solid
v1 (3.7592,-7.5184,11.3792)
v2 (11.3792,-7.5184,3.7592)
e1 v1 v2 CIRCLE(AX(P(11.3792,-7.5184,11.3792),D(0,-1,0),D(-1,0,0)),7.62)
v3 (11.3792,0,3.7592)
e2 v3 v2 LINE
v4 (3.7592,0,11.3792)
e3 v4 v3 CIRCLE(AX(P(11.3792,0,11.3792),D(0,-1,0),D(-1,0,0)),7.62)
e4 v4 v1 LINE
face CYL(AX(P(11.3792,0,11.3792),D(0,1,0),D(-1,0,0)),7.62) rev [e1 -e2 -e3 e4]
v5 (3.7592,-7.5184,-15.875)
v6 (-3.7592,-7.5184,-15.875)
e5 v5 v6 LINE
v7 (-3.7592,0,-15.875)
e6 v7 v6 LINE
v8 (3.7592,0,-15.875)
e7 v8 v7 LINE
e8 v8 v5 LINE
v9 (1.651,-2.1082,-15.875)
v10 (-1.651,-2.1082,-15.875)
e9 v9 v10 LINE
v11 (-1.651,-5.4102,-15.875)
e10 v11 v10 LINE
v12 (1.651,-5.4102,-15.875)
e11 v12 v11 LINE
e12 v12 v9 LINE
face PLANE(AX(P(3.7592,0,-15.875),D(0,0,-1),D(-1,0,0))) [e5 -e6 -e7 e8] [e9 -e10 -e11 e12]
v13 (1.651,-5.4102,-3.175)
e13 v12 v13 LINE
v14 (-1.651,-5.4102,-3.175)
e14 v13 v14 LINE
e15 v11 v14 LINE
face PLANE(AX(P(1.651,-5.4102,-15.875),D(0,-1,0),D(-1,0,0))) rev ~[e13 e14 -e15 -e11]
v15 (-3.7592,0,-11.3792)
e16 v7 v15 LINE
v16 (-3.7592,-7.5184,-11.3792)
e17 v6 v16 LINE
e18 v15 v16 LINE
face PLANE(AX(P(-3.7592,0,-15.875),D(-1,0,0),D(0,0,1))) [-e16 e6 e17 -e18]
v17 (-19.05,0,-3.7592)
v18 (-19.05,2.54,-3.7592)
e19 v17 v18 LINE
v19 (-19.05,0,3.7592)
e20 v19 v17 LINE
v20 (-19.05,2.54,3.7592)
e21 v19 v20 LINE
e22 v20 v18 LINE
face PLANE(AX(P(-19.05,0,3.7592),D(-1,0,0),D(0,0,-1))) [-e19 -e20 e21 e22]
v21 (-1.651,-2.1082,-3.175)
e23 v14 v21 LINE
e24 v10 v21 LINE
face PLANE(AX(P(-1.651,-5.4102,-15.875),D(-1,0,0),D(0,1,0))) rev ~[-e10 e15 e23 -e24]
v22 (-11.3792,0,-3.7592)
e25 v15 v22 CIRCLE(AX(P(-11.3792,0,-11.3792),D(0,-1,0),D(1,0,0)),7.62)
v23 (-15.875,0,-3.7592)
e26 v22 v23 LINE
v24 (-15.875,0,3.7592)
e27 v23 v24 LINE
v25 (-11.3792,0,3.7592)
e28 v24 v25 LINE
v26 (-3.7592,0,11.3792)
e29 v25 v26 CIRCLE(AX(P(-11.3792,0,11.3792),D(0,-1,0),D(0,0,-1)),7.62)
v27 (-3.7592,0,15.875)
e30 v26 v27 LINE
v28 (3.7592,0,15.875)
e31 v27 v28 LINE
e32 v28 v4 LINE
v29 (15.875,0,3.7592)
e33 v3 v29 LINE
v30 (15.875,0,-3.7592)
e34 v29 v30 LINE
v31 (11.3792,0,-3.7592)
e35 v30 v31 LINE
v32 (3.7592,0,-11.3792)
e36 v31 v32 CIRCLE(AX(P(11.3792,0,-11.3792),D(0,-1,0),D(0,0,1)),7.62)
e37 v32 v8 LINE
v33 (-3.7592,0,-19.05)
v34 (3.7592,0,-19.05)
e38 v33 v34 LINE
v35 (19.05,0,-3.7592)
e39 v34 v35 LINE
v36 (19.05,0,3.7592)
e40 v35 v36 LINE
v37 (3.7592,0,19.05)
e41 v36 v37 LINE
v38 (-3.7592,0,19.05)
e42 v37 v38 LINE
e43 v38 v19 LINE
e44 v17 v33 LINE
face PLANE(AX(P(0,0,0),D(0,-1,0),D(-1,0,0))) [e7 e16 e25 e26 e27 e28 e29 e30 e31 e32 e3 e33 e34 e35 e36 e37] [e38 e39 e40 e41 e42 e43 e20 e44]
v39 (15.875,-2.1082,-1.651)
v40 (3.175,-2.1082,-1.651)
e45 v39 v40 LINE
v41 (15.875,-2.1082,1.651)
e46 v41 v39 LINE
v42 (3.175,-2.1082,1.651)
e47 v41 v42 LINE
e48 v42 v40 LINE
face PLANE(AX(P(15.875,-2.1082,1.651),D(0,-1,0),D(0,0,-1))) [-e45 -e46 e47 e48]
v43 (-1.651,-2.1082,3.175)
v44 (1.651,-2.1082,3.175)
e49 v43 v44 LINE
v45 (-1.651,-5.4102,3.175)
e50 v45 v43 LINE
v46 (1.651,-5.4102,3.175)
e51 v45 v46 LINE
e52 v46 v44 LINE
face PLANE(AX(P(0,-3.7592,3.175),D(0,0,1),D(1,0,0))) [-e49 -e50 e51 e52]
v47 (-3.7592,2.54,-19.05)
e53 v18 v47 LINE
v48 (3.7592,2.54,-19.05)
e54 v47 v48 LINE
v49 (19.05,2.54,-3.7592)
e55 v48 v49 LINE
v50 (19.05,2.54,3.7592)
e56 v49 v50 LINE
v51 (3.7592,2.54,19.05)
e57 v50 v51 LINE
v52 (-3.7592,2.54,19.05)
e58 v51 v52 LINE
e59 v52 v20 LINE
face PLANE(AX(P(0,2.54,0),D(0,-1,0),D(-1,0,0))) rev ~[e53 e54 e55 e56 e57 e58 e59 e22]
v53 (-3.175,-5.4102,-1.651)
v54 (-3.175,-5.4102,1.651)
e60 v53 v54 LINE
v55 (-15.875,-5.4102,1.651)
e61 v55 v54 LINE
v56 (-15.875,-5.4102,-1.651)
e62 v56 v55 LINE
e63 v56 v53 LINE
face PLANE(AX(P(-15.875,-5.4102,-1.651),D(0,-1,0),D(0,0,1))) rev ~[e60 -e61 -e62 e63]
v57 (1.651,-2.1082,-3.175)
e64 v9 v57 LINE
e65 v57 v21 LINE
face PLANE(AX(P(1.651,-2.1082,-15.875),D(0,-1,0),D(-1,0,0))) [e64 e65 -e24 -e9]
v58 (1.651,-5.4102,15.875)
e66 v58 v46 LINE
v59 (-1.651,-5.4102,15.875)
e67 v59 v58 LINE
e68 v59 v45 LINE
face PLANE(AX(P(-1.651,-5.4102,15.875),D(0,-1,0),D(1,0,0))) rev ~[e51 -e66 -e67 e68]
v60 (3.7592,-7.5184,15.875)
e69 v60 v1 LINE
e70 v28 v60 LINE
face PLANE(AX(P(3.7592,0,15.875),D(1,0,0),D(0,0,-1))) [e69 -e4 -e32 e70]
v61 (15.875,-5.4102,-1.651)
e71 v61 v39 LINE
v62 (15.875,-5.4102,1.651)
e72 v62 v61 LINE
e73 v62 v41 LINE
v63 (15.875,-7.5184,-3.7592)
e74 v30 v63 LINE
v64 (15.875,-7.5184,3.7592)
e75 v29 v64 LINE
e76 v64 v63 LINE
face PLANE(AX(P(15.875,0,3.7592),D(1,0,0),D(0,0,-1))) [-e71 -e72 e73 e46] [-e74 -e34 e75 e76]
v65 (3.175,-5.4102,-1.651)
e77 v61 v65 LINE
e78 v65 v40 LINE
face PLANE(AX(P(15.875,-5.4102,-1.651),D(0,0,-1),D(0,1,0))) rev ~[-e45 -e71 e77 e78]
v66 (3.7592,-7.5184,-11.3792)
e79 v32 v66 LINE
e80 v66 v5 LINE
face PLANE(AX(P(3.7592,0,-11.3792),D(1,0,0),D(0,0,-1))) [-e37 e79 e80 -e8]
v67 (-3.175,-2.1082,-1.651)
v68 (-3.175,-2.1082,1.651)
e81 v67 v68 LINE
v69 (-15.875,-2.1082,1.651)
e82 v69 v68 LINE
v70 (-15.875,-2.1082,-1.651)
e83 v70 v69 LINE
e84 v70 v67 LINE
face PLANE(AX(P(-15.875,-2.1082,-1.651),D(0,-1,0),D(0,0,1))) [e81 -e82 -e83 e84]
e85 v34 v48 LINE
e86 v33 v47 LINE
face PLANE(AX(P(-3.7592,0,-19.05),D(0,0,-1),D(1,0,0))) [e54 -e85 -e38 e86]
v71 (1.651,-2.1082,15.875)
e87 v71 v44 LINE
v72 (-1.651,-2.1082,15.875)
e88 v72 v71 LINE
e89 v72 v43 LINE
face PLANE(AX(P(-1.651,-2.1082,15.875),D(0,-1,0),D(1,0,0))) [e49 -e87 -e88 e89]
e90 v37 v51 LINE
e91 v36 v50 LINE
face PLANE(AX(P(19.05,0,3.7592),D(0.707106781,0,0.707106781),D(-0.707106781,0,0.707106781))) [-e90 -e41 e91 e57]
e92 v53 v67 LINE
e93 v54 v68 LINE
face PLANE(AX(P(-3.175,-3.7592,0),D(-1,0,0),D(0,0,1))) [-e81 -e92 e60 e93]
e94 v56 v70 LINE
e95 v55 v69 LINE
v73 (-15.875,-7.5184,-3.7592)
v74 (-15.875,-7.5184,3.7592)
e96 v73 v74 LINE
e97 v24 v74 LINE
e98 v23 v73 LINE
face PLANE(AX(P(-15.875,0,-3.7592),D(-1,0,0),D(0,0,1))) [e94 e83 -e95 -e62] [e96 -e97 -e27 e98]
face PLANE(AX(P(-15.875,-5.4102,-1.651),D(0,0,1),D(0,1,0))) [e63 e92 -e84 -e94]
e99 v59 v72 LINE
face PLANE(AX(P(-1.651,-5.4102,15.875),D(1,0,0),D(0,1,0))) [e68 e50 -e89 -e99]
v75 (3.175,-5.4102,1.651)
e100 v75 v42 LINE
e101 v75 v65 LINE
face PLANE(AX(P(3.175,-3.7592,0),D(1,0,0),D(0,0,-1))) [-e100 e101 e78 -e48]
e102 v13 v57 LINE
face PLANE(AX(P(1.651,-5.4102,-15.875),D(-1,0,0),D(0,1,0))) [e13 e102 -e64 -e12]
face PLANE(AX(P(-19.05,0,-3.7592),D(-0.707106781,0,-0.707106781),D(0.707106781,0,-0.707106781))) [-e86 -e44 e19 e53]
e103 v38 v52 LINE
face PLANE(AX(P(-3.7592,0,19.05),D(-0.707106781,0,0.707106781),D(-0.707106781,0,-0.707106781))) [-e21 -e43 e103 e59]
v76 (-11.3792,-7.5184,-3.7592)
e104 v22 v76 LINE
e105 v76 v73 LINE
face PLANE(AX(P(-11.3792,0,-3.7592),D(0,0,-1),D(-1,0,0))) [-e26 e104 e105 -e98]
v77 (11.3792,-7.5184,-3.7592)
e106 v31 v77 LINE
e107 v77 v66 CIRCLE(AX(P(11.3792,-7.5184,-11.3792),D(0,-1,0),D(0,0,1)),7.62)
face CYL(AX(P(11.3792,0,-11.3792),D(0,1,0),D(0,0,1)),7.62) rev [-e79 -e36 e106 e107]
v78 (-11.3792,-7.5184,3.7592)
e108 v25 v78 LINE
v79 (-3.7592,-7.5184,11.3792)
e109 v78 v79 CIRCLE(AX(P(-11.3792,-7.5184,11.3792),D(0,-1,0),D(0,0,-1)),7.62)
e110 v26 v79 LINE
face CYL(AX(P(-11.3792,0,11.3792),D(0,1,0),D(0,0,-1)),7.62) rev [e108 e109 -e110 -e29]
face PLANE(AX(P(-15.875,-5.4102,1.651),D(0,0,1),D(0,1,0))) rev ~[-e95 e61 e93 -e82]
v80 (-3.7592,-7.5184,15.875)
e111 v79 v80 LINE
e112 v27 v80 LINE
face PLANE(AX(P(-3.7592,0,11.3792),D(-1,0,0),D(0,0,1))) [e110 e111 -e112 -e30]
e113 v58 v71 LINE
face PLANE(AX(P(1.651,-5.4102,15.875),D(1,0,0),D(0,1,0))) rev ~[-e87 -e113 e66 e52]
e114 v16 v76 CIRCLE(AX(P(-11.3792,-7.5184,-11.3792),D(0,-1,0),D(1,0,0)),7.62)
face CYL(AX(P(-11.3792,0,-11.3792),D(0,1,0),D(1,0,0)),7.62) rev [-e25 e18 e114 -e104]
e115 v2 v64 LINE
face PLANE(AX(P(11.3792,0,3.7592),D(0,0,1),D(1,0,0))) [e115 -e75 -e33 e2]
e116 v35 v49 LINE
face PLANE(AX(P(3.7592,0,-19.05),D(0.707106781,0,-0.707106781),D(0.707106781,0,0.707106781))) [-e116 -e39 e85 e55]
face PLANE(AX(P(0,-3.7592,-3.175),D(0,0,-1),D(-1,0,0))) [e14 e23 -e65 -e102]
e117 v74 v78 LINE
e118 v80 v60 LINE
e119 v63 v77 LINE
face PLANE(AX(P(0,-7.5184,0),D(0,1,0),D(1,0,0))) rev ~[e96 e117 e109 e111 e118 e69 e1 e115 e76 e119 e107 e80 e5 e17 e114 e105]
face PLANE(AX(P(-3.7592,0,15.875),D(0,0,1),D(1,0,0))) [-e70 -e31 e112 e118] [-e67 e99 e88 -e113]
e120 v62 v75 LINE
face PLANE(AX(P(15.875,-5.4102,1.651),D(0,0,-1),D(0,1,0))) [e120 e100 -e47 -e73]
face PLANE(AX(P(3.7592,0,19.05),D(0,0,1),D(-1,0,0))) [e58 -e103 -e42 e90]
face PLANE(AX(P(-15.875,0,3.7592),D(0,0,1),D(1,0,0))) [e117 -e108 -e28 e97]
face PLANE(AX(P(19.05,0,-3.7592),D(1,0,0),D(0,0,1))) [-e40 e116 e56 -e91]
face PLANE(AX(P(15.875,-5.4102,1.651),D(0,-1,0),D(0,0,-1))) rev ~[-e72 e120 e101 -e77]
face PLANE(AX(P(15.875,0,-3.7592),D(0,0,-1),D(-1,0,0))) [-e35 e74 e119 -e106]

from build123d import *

# Parameters (mm, degrees)
BOSS_EXTRUDE1_DEPTH = 7.5184
SKETCH2_W           = 3.302
SKETCH2_H           = 3.302
CUT_EXTRUDE1_DEPTH  = 12.7
CIRPATTERN1_COUNT   = 4
BOSS_EXTRUDE2_DEPTH = 2.54


with BuildPart() as part:
    # Sketch1 → Boss-Extrude1 (new body)
    with BuildSketch(Plane(origin=(0, 0, 0), x_dir=(1, 0, 0), z_dir=(0, 1, 0))):
        with BuildLine():
            Line((3.7592, 11.3792), (3.7592, 15.875))
            Line((3.7592, 15.875), (-3.7592, 15.875))
            Line((-3.7592, 15.875), (-3.7592, 11.3792))
            ThreePointArc((-3.7592, 11.3792), (-5.991046327, 5.991046327), (-11.3792, 3.7592))
            Line((-11.3792, 3.7592), (-15.875, 3.7592))
            Line((-15.875, 3.7592), (-15.875, -3.7592))
            Line((-15.875, -3.7592), (-11.3792, -3.7592))
            ThreePointArc((-11.3792, -3.7592), (-5.991046327, -5.991046327), (-3.7592, -11.3792))
            Line((-3.7592, -11.3792), (-3.7592, -15.875))
            Line((-3.7592, -15.875), (3.7592, -15.875))
            Line((3.7592, -15.875), (3.7592, -11.3792))
            ThreePointArc((3.7592, -11.3792), (5.991046327, -5.991046327), (11.3792, -3.7592))
            Line((11.3792, -3.7592), (15.875, -3.7592))
            Line((15.875, -3.7592), (15.875, 3.7592))
            Line((15.875, 3.7592), (11.3792, 3.7592))
            ThreePointArc((11.3792, 3.7592), (5.991046327, 5.991046327), (3.7592, 11.3792))
        make_face()
    extrude(amount=-BOSS_EXTRUDE1_DEPTH)

    # Sketch2 → Cut-Extrude1 (cut)
    with BuildSketch(Plane.XY.offset(15.875)):
        with Locations((0, -3.7592)):
            Rectangle(SKETCH2_W, SKETCH2_H)
    cut_extrude1 = extrude(amount=-CUT_EXTRUDE1_DEPTH, mode=Mode.SUBTRACT)

    # CirPattern1: Cut-Extrude1 ×4 about axis
    cirpattern1_axis = Axis((0, -22.390859054, 0), (0, 1, 0))
    for i in range(1, CIRPATTERN1_COUNT):
        add(cut_extrude1.rotate(cirpattern1_axis, i * 360 / CIRPATTERN1_COUNT), mode=Mode.SUBTRACT)

    # Sketch4 → Boss-Extrude2 (add)
    with BuildSketch(Plane(origin=(0, 0, 0), x_dir=(1, 0, 0), z_dir=(0, 1, 0))):
        Polygon((3.7592, 19.05), (19.05, 3.7592), (19.05, -3.7592), (3.7592, -19.05), (-3.7592, -19.05), (-19.05, -3.7592), (-19.05, 3.7592), (-3.7592, 19.05), align=None)
    extrude(amount=BOSS_EXTRUDE2_DEPTH)


solid = part.part
